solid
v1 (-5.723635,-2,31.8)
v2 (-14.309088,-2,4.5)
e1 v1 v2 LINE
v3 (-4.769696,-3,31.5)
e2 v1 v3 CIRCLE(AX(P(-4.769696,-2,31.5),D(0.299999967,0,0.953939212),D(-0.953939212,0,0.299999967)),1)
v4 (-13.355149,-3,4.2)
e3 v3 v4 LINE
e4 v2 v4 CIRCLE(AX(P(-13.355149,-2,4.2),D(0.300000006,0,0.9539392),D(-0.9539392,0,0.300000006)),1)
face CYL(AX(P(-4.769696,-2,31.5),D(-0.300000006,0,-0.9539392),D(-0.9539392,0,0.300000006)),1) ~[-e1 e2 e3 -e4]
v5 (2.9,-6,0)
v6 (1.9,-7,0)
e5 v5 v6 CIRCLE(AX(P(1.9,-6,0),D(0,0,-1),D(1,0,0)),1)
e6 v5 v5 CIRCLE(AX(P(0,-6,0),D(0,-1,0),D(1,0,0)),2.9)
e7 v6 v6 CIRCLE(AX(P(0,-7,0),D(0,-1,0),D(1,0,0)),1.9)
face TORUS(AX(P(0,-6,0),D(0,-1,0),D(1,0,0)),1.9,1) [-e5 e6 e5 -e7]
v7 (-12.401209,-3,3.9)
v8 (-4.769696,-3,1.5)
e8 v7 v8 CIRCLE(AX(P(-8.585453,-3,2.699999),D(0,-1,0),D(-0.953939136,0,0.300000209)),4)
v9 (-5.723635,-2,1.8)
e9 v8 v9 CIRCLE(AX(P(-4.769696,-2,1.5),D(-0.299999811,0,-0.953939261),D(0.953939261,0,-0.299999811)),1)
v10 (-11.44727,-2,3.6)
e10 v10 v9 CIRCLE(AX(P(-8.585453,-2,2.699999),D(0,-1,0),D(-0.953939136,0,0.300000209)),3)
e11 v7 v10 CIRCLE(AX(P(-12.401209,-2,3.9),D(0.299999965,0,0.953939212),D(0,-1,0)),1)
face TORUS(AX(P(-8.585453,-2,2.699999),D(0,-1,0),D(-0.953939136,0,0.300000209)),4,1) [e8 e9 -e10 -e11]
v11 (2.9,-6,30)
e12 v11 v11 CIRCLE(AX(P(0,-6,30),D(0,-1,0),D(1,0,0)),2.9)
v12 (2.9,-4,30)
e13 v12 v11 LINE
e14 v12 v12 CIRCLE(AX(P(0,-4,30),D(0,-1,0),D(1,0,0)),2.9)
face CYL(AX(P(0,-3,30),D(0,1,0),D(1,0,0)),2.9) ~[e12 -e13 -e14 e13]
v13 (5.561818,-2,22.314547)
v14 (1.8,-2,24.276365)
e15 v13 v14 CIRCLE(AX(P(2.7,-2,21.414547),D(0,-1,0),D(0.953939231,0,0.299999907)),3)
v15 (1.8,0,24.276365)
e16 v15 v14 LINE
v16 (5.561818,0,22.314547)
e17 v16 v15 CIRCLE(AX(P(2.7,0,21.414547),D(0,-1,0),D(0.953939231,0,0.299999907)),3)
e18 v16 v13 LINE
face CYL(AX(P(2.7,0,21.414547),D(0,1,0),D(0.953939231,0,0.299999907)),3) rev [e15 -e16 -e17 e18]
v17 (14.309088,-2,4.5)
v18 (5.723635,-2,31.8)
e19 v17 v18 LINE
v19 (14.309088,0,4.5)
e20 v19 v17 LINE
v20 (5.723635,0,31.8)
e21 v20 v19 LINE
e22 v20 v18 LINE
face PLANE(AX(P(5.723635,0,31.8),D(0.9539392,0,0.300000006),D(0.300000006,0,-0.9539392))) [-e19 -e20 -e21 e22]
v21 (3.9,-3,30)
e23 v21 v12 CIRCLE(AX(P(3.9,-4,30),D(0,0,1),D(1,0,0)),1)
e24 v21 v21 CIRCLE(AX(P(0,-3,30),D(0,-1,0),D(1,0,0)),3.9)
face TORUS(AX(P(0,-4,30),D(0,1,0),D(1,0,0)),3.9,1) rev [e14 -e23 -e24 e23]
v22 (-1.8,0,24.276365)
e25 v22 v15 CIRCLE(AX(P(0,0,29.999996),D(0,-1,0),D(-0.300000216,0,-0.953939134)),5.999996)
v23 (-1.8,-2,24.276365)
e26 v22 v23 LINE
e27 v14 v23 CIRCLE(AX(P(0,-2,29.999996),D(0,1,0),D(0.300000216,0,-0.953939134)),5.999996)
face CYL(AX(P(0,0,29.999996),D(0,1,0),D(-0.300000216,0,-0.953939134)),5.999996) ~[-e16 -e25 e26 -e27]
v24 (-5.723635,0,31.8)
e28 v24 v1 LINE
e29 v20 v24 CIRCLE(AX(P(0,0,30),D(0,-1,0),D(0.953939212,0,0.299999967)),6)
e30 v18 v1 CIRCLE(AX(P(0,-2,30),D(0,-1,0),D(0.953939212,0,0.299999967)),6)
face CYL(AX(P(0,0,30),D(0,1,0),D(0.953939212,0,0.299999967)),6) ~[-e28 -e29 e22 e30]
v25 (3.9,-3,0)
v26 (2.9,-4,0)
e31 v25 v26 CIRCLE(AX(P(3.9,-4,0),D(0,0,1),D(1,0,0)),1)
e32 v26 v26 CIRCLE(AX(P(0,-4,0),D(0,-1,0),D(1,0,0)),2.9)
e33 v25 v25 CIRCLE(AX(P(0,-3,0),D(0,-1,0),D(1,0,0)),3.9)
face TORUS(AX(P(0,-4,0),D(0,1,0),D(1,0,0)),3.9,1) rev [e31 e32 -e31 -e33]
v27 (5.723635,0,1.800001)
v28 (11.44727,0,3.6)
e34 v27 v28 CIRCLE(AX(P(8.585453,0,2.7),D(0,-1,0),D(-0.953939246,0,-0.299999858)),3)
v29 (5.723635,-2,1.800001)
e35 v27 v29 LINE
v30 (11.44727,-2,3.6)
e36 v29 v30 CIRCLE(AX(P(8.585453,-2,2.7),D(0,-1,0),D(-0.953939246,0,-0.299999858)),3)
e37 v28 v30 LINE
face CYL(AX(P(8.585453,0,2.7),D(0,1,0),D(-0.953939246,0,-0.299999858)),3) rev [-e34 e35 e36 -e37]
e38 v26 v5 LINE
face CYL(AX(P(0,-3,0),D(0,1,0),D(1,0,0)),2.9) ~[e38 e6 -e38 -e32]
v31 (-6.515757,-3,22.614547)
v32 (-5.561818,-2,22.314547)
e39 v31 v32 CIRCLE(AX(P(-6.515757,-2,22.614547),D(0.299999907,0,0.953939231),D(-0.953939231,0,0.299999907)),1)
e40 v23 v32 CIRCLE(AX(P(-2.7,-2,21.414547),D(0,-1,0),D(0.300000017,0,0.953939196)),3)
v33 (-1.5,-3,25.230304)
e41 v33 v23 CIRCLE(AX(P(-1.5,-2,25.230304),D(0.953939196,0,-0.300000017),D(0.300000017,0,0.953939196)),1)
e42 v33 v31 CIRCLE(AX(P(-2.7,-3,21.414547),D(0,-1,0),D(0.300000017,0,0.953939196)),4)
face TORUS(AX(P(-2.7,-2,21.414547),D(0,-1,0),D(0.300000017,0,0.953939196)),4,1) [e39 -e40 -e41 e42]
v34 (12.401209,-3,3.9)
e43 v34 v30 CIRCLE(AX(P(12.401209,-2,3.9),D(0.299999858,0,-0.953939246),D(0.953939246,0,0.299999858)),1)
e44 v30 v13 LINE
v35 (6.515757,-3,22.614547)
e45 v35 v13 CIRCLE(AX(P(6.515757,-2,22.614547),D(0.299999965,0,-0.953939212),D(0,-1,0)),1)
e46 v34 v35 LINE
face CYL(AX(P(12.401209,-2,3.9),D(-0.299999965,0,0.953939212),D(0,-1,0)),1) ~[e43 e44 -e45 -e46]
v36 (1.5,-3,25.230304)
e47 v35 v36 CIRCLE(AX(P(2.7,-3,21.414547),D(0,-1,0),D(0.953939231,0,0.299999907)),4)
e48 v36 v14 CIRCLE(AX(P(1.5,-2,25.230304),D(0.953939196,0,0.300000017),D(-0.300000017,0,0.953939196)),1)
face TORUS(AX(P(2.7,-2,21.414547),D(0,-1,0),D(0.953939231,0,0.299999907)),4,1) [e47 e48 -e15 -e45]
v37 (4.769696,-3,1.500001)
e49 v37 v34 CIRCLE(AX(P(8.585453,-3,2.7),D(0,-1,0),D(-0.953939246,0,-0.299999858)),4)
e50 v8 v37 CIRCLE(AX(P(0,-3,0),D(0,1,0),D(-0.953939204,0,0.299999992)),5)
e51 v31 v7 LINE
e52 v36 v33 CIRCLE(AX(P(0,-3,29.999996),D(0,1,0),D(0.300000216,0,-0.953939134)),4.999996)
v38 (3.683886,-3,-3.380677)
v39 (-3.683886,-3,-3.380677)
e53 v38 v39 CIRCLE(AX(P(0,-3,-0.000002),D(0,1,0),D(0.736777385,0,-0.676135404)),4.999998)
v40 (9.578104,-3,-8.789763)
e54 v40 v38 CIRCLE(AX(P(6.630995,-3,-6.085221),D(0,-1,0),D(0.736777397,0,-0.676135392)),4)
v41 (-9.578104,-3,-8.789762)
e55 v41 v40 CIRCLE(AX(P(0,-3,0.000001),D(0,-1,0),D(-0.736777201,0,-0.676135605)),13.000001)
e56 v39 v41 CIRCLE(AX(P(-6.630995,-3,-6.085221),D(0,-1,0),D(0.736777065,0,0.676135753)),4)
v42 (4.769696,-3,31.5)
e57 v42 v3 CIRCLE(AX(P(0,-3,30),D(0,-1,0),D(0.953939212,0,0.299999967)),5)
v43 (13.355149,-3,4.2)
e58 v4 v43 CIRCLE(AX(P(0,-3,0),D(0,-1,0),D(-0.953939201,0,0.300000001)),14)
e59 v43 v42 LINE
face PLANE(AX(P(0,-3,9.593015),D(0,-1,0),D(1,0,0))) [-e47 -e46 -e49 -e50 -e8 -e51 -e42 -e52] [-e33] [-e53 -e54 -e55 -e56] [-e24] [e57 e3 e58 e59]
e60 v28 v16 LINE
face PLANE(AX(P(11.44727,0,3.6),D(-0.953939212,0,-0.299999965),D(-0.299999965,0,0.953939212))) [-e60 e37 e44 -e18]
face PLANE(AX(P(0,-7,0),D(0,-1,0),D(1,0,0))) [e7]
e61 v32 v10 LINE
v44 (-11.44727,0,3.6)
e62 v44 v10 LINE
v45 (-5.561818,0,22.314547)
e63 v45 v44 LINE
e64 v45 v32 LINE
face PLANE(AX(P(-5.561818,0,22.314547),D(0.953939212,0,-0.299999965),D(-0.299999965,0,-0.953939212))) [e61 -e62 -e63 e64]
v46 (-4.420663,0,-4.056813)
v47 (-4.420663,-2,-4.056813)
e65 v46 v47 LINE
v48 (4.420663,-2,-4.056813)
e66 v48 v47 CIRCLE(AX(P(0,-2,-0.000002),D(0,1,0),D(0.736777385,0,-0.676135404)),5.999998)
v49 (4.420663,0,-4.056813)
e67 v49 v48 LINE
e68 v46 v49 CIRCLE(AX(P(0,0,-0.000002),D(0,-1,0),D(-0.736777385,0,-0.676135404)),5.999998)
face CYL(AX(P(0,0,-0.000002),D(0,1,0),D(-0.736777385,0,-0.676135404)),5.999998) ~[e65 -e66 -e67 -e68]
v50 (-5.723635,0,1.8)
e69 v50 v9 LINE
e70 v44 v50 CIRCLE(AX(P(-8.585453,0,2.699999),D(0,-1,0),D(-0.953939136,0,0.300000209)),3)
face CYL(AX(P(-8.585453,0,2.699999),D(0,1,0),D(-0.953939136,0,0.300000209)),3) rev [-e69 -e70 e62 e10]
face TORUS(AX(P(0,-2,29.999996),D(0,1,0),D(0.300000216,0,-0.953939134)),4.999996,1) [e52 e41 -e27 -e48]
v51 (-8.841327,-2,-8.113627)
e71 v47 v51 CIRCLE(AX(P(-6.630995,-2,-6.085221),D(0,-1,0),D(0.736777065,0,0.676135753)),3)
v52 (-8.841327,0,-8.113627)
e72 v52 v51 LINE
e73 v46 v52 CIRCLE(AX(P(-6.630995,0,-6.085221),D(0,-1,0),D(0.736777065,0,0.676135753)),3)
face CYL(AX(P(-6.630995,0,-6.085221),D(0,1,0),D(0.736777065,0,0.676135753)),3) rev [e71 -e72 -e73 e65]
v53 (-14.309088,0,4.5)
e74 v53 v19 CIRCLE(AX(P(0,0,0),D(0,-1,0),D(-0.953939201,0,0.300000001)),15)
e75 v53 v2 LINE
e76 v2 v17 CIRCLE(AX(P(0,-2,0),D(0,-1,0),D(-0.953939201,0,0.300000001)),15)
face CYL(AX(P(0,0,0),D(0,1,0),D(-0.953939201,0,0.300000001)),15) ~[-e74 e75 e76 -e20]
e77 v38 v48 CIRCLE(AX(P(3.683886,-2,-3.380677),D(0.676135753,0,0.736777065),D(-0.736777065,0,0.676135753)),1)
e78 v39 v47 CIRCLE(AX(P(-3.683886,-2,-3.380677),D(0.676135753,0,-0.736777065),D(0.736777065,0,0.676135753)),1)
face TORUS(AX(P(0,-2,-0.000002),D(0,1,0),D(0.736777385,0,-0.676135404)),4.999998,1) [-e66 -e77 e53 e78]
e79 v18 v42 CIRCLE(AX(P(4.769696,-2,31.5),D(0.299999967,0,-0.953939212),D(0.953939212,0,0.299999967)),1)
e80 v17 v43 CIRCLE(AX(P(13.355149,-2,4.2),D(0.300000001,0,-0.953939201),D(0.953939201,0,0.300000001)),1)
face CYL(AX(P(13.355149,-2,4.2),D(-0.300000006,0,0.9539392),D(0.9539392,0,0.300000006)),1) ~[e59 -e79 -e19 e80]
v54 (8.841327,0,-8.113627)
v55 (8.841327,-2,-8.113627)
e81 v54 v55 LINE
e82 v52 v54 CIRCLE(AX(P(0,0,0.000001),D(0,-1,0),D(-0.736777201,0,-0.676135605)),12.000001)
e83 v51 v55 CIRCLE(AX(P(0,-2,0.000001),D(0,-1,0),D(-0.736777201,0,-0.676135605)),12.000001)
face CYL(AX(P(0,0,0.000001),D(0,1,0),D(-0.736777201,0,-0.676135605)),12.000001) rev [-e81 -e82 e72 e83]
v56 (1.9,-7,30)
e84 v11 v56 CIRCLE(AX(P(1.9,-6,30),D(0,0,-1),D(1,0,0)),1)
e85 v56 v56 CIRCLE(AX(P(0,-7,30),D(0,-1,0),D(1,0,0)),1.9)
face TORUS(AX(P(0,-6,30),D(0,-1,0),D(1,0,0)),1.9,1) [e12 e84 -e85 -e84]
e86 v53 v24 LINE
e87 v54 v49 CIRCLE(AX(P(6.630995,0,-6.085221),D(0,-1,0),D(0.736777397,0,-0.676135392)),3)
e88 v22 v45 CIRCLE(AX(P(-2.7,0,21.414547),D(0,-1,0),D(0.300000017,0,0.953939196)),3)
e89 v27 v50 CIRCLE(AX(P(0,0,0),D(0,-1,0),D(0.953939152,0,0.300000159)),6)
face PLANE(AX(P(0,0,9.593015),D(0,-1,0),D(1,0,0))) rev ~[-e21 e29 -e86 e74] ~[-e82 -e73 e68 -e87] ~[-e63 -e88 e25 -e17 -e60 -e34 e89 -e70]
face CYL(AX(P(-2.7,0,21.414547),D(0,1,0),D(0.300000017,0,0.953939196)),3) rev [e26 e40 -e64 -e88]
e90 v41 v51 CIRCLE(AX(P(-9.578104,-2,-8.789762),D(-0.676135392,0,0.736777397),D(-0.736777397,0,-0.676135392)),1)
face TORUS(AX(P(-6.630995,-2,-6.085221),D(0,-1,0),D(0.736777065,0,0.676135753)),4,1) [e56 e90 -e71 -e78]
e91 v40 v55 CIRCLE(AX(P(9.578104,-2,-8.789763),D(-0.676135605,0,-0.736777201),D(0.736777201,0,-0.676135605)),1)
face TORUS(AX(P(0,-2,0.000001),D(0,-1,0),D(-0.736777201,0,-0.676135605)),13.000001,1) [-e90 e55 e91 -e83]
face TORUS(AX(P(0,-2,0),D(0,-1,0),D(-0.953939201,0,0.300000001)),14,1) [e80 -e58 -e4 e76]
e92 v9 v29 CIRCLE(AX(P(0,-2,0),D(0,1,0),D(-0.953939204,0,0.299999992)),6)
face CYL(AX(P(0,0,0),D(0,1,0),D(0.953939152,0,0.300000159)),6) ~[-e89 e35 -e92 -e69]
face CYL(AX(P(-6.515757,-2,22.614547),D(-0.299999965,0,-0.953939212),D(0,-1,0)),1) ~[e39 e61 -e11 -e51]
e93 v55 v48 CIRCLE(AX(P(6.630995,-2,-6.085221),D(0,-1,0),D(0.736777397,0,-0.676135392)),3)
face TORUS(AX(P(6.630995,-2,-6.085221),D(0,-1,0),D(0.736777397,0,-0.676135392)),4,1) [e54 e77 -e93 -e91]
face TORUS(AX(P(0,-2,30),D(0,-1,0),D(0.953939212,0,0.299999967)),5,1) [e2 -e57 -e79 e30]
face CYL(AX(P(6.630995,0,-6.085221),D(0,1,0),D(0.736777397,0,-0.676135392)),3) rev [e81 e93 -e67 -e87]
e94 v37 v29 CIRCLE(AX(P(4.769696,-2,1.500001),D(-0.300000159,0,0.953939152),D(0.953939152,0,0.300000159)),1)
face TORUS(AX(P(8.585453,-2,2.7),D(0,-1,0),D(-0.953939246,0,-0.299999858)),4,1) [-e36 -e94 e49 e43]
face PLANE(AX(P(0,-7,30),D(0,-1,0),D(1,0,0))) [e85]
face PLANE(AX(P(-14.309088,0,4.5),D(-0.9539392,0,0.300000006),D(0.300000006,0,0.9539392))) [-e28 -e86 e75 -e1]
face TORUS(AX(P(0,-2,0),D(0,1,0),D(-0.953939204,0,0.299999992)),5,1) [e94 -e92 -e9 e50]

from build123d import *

# Parameters (mm, degrees)
PAD006_DEPTH = 3
SKETCH012_R  = 2.9
PAD007_DEPTH = 4
FILLET_R     = 1


with BuildPart() as part:
    # Sketch011 → Pad006 (new body)
    with BuildSketch(Plane.XZ):
        with BuildLine():
            ThreePointArc((5.723635, 31.8), (0, 36), (-5.723635, 31.8))
            Line((-14.309088, 4.5), (-5.723635, 31.8))
            ThreePointArc((-14.309088, 4.5), (0, -15), (14.309088, 4.5))
            Line((5.723635, 31.8), (14.309088, 4.5))
        make_face()
        with BuildLine():
            ThreePointArc((-11.44727, 3.6), (-9.485453, -0.161818), (-5.723635, 1.8))
            ThreePointArc((5.723635, 1.800001), (0, 6), (-5.723635, 1.8))
            ThreePointArc((5.723635, 1.800001), (9.485452, -0.161817), (11.44727, 3.6))
            Line((11.44727, 3.6), (5.561818, 22.314547))
            ThreePointArc((5.561818, 22.314547), (4.087215, 24.074554), (1.8, 24.276365))
            ThreePointArc((-1.8, 24.276365), (0, 24), (1.8, 24.276365))
            ThreePointArc((-1.8, 24.276365), (-4.087215, 24.074554), (-5.561818, 22.314547))
            Line((-5.561818, 22.314547), (-11.44727, 3.6))
        make_face(mode=Mode.SUBTRACT)
        with BuildLine():
            ThreePointArc((-4.420663, -4.056813), (-8.659402, -3.874889), (-8.841327, -8.113627))
            ThreePointArc((-8.841327, -8.113627), (0, -12), (8.841327, -8.113627))
            ThreePointArc((8.841327, -8.113627), (8.659402, -3.874889), (4.420663, -4.056813))
            ThreePointArc((-4.420663, -4.056813), (0, -6), (4.420663, -4.056813))
        make_face(mode=Mode.SUBTRACT)
    extrude(amount=PAD006_DEPTH)

    # Sketch012 (on Face18 of Pad006) → Pad007 (join)
    with BuildSketch(Plane.XZ.offset(3)):
        Circle(SKETCH012_R)
        with Locations((0, 30)):
            Circle(SKETCH012_R)
    extrude(amount=PAD007_DEPTH)

    # Fillet
    fillet_edges = [part.edges().sort_by_distance(p)[0] for p in [
        (0, -3, 36),
        (10.016362, -3, 18.15),
        (-10.016362, -3, 18.15),
        (0, -3, -15),
        (-8.659402, -3, -3.874889),
        (0, -3, -6),
        (0, -3, -12),
        (8.659402, -3, -3.874889),
        (-2.9, -3, 0),
        (-4.087215, -3, 24.074554),
        (0, -3, 24),
        (-8.504544, -3, 12.957274),
        (4.087215, -3, 24.074554),
        (-9.485453, -3, -0.161818),
        (8.504544, -3, 12.957274),
        (0, -3, 6),
        (9.485452, -3, -0.161817),
        (-2.9, -3, 30),
        (-2.9, -7, 30),
        (-2.9, -7, 0),
    ]]
    fillet(fillet_edges, radius=FILLET_R)


solid = part.part
